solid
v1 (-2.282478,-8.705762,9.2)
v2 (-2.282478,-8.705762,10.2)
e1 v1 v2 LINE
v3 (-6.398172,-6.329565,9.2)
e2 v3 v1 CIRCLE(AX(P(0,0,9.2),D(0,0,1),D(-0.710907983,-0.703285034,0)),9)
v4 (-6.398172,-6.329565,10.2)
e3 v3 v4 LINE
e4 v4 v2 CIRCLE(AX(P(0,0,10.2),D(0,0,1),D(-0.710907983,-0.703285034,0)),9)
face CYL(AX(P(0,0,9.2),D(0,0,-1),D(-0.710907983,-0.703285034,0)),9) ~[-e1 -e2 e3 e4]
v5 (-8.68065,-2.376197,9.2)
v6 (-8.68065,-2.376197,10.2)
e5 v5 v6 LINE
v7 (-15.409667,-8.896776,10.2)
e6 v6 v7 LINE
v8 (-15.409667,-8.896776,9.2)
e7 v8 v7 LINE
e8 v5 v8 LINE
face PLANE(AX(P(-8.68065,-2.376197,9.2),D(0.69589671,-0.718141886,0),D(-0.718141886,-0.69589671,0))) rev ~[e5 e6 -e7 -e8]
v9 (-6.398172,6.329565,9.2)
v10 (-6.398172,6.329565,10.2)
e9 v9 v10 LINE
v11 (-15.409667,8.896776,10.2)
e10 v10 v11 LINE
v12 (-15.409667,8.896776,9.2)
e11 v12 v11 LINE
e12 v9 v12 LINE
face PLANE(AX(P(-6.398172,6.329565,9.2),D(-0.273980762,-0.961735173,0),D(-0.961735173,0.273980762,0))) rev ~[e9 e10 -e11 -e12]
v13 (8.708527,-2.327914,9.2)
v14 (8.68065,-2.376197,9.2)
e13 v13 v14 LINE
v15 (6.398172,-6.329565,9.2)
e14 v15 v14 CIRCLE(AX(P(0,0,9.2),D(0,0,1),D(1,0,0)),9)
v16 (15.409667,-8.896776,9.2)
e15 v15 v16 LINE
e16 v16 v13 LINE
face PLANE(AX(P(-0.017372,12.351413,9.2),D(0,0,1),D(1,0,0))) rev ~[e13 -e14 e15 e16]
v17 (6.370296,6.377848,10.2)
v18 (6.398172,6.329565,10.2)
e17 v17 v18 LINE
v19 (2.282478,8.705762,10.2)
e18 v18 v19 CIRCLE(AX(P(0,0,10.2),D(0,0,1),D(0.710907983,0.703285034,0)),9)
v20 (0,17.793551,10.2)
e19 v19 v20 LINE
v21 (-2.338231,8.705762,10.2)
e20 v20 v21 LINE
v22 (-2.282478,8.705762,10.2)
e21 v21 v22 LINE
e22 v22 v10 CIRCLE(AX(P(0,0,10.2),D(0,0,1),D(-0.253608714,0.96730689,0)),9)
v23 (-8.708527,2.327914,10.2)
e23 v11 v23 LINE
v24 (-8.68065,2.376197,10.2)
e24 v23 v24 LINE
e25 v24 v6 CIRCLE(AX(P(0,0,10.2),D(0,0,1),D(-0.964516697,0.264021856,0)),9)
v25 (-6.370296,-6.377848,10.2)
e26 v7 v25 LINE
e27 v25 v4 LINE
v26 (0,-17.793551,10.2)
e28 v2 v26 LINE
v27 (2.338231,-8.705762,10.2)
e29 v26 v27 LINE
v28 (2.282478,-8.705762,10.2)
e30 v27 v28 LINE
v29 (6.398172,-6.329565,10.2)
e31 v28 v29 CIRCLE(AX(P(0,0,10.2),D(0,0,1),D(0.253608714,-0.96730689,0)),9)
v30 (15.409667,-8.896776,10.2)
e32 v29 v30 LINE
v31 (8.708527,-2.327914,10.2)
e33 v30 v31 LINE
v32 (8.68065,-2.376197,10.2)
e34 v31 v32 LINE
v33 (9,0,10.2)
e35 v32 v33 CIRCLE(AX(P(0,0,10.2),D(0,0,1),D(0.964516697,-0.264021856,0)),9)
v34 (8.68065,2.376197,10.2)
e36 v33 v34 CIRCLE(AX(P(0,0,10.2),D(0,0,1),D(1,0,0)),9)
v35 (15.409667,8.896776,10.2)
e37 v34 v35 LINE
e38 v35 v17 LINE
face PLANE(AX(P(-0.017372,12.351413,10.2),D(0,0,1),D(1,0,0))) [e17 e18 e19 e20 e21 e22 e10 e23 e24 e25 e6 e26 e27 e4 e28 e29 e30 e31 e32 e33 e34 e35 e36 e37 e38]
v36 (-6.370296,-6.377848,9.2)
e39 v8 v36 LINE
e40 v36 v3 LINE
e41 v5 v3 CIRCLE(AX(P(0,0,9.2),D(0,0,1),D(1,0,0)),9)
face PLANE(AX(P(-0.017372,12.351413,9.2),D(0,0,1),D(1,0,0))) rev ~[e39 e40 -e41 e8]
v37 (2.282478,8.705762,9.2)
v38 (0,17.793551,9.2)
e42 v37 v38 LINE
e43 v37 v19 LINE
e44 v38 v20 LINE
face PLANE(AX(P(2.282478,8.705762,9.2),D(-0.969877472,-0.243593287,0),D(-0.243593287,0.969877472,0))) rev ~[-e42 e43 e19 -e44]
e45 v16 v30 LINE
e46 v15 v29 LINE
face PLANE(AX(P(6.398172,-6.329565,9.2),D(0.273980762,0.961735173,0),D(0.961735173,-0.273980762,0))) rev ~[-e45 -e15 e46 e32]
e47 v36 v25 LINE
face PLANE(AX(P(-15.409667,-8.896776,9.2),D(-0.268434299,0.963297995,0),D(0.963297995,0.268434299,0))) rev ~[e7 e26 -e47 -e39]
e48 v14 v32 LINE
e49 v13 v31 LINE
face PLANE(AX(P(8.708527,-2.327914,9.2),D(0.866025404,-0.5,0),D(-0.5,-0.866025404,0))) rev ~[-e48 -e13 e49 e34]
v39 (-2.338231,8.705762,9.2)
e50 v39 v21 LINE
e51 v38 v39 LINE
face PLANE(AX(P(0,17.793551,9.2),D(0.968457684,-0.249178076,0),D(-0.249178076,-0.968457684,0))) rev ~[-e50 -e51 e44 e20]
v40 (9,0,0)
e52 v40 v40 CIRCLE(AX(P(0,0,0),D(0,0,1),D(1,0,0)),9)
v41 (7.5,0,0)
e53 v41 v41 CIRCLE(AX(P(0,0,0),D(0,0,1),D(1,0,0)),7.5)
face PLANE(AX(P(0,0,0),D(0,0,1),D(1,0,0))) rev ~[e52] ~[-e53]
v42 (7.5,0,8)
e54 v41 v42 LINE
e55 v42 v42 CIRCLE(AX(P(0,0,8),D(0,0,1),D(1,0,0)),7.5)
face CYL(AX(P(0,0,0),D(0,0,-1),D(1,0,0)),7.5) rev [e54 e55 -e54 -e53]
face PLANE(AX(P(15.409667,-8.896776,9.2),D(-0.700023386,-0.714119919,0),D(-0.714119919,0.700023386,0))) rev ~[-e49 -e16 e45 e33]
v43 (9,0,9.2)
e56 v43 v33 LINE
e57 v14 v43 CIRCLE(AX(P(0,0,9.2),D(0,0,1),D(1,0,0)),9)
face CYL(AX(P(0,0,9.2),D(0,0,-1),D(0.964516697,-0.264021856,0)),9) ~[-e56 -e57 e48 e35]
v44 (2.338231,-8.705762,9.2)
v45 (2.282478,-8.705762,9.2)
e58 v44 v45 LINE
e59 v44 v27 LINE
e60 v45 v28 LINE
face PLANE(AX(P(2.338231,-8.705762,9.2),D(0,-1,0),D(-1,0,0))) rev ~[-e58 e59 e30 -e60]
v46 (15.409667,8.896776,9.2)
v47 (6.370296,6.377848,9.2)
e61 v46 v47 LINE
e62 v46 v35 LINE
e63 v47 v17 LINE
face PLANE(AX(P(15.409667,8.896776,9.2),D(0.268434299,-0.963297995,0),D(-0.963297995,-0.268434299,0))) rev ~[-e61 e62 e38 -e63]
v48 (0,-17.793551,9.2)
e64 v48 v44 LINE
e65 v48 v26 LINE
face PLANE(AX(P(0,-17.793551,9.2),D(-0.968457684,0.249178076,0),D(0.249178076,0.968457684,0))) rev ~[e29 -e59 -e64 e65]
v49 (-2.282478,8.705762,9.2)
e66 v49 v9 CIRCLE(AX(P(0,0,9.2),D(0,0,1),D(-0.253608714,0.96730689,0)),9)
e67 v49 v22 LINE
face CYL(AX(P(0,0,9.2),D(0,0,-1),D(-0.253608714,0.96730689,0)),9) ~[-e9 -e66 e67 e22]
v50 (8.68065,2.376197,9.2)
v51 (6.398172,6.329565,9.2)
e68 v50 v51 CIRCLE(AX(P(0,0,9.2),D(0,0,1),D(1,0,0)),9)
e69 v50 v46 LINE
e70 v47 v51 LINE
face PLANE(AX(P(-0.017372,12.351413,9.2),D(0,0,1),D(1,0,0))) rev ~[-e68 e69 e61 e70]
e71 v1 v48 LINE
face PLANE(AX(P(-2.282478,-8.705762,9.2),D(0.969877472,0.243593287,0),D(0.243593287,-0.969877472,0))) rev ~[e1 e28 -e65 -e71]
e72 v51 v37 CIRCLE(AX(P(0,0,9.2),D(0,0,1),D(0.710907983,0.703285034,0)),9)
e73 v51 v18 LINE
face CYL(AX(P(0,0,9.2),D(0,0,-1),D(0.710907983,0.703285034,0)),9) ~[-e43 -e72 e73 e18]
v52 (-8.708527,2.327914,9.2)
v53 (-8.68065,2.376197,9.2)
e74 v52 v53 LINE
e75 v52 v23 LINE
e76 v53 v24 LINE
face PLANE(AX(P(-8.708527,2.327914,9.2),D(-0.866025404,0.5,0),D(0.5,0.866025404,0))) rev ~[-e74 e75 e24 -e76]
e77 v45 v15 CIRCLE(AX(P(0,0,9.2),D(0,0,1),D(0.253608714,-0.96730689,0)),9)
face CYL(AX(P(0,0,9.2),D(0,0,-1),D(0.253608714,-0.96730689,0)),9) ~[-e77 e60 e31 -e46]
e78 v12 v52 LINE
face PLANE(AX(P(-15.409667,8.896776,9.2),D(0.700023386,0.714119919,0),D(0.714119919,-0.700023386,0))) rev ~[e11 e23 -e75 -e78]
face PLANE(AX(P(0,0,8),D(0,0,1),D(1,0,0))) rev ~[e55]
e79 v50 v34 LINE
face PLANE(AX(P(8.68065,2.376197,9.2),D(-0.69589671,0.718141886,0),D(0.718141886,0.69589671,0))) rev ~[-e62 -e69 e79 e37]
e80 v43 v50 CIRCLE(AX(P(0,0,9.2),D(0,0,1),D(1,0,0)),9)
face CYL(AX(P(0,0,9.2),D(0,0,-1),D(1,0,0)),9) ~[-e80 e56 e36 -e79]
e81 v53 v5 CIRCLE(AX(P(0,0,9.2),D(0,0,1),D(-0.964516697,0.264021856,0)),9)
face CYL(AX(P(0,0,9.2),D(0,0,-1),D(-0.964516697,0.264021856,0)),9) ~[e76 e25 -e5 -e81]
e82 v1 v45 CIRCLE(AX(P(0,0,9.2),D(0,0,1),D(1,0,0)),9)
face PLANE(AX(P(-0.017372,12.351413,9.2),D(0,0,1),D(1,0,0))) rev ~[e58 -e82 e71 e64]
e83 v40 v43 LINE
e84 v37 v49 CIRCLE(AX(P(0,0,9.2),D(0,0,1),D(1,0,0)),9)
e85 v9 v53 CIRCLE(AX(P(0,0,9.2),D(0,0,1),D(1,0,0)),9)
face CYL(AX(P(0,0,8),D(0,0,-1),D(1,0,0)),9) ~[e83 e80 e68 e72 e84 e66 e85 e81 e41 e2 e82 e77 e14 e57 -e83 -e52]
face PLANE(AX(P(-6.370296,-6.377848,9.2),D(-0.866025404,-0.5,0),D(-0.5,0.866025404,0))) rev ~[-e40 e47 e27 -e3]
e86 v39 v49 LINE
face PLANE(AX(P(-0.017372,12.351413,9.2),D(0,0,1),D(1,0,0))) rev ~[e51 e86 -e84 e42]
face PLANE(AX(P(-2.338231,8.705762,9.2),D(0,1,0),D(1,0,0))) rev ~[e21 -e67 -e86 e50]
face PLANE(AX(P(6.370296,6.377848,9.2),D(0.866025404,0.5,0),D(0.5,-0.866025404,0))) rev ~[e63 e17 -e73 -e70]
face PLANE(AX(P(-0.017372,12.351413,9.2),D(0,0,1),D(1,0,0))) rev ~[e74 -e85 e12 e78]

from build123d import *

# Parameters (mm, degrees)
F0_R     = 9
F0_R_2   = 7.5
F1_DEPTH = 8
F2_R     = 9
F3_DEPTH = 1.2
F5_DEPTH = 1


with BuildPart() as f1:
    # F0 (on Top) → F1 (new body)
    with BuildSketch(Plane.XY):
        Circle(F0_R)
        Circle(F0_R_2, mode=Mode.SUBTRACT)
    extrude(amount=F1_DEPTH)

    # F2 (on face) → F3 (join)
    with BuildSketch(Plane.XY.offset(8)):
        Circle(F2_R)
    extrude(amount=F3_DEPTH)

    # F4 (on face) → F5 (join)
    with BuildSketch(Plane.XY.offset(9.2)):
        Polygon((0, 17.7935510874), (-2.3382310135, 8.7057620125), (2.2824784298, 8.7057620125), align=None)
        Polygon((-15.4096672652, 8.8967755437), (-8.7085265689, 2.3279135486), (-6.3981718472, 6.32956531), align=None)
        Polygon((-15.4096672652, -8.8967755437), (-6.3702955553, -6.3778484639), (-8.680650277, -2.3761967025), align=None)
        Polygon((0, -17.7935510874), (2.3382310135, -8.7057620125), (-2.2824784298, -8.7057620125), align=None)
        Polygon((15.4096672652, -8.8967755437), (8.7085265689, -2.3279135486), (6.3981718472, -6.32956531), align=None)
        Polygon((15.4096672652, 8.8967755437), (6.3702955553, 6.3778484639), (8.680650277, 2.3761967025), align=None)
        with BuildLine():
            Line((2.2824784298, 8.7057620125), (-2.2824784298, 8.7057620125))
            ThreePointArc((-2.2824784298, 8.7057620125), (-4.5, 7.7942286341), (-6.3981718472, 6.32956531))
            Line((-6.3981718472, 6.32956531), (-8.680650277, 2.3761967025))
            ThreePointArc((-8.680650277, 2.3761967025), (-9, 0), (-8.680650277, -2.3761967025))
            Line((-8.680650277, -2.3761967025), (-6.3981718472, -6.32956531))
            ThreePointArc((-6.3981718472, -6.32956531), (-4.5, -7.7942286341), (-2.2824784298, -8.7057620125))
            Line((-2.2824784298, -8.7057620125), (2.2824784298, -8.7057620125))
            ThreePointArc((2.2824784298, -8.7057620125), (4.5, -7.7942286341), (6.3981718472, -6.32956531))
            Line((6.3981718472, -6.32956531), (8.680650277, -2.3761967025))
            ThreePointArc((8.680650277, -2.3761967025), (8.9198052807, -1.1987801106), (9, 0))
            ThreePointArc((9, 0), (8.9198052807, 1.1987801106), (8.680650277, 2.3761967025))
            Line((8.680650277, 2.3761967025), (6.3981718472, 6.32956531))
            ThreePointArc((6.3981718472, 6.32956531), (4.5, 7.7942286341), (2.2824784298, 8.7057620125))
        make_face()
    extrude(amount=F5_DEPTH)


solid = f1.part
